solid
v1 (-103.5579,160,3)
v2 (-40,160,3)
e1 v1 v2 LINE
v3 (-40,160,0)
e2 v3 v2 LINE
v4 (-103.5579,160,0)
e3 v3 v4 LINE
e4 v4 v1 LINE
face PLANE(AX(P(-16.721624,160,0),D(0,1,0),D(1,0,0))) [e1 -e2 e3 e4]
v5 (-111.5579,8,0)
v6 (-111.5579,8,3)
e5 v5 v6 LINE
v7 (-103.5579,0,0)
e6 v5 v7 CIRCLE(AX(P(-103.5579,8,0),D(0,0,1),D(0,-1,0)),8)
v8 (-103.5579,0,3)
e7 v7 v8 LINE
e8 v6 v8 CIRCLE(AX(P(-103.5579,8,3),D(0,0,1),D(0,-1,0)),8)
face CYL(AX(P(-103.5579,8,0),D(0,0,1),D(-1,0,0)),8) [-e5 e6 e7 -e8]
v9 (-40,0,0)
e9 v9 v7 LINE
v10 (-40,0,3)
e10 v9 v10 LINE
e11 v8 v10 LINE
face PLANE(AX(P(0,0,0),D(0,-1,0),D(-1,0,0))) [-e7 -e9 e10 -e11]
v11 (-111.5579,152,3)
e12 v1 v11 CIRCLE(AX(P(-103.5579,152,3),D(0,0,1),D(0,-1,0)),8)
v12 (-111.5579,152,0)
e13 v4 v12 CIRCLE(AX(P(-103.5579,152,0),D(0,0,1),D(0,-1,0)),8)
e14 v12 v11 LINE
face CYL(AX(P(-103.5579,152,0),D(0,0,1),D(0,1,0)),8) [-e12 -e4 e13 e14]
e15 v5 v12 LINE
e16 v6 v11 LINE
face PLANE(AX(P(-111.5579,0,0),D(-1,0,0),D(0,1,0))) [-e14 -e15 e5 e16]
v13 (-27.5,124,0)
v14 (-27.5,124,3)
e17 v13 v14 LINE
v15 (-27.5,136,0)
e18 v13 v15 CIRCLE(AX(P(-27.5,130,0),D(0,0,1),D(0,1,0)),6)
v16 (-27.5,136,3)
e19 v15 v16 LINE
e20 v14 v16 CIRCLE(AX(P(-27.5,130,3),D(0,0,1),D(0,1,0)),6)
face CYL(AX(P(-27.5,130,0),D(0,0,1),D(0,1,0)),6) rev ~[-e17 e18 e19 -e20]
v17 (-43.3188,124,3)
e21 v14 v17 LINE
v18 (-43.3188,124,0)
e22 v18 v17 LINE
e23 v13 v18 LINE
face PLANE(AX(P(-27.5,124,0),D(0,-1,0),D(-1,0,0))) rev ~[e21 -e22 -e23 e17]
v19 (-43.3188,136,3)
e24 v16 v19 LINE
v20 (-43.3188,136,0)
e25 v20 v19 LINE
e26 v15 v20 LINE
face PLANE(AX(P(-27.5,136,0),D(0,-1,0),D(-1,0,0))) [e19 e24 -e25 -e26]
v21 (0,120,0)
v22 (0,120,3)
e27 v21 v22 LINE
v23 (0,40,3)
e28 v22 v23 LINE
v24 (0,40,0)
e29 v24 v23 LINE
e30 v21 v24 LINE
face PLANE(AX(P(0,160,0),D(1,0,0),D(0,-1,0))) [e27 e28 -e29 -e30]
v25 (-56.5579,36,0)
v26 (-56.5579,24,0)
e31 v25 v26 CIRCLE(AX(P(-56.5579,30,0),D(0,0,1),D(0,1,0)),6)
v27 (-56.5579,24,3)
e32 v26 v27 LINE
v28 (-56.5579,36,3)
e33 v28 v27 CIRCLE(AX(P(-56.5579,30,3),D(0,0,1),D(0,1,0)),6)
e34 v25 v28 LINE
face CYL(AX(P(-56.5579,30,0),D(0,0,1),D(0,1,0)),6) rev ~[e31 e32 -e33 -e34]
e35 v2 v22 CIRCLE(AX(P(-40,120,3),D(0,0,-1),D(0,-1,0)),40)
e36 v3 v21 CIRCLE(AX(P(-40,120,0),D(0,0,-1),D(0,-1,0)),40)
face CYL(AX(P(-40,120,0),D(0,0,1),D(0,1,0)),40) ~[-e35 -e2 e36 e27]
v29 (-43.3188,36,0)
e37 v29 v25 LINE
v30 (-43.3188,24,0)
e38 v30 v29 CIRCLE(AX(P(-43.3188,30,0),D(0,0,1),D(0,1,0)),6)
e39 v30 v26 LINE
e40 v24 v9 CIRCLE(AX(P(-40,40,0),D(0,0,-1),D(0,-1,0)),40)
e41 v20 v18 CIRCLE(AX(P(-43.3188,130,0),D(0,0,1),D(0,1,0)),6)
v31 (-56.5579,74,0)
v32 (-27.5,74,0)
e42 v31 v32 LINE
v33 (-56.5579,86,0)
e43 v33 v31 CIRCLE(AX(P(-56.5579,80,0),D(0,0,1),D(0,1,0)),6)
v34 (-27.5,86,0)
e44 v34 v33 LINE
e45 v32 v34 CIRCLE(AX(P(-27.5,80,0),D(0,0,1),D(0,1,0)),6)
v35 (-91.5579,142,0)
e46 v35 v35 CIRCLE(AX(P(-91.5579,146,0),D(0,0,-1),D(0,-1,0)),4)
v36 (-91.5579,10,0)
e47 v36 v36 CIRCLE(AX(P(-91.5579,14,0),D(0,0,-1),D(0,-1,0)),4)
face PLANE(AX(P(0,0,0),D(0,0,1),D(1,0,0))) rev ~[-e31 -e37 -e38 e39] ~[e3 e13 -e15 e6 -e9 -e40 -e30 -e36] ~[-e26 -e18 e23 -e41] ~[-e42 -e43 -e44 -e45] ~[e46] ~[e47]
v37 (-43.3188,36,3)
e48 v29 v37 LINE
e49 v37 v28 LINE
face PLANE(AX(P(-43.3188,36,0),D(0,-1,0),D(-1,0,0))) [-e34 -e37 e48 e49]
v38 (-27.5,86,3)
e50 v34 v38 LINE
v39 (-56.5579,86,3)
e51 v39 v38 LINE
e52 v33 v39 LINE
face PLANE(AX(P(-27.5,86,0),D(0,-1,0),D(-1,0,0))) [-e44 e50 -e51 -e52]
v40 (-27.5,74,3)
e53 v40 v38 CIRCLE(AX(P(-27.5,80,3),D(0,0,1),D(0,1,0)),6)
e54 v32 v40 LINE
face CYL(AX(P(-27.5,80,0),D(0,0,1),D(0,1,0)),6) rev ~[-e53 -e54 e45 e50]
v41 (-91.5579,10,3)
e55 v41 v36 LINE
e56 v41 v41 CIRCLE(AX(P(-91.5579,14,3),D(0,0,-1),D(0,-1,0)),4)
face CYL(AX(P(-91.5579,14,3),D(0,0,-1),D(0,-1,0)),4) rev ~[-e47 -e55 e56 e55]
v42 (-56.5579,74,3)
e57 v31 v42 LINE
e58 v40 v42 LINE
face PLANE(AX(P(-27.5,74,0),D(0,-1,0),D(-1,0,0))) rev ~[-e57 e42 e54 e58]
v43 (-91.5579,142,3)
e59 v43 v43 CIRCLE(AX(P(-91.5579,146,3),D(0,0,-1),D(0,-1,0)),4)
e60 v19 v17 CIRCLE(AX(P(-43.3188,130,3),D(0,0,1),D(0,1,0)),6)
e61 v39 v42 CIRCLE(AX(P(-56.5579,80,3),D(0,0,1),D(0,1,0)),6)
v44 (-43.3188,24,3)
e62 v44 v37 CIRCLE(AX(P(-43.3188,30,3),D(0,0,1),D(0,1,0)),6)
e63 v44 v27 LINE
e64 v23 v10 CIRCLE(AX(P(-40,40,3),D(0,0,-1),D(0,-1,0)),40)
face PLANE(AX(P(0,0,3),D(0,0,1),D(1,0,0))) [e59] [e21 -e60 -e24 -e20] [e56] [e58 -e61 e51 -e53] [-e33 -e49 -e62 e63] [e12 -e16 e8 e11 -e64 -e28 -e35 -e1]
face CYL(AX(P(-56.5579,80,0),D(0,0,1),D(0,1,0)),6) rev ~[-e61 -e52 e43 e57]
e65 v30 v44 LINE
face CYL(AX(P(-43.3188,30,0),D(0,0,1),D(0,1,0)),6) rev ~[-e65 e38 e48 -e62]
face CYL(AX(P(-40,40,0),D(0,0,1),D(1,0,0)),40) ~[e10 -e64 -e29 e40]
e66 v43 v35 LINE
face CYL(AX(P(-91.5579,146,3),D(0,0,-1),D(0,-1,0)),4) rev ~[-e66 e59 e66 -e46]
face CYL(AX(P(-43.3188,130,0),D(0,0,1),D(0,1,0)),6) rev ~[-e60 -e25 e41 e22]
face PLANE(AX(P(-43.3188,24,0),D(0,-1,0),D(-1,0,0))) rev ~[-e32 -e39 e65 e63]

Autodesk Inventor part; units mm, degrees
ref_plane "YZ Plane" through (0, 0, 0) normal (1, 0, 0) x (0, 1, 0)
ref_plane "XZ Plane" through (0, 0, 0) normal (0, 1, 0) x (-1, 0, 0)
ref_plane "XY Plane" through (0, 0, 0) normal (0, 0, 1) x (1, 0, 0)
sketch "Sketch1" plane through (0, 0, 0) normal (0, 0, 1) x (1, 0, 0)
  circle A0 centre (1008.2886, -225.2) radius 1095
  line L0 (-27.5, 131.7988) -> (-27.5, 31.7988)
  line L1 (-43.3188, 130) -> (-43.3188, 30)
  line L2 (-56.5579, 30) -> (-56.5579, 130)
  line L3 (-27.5, 130) -> (-56.5579, 130)
  line L4 (-27.5, 80) -> (-56.5579, 80)
  line L5 (-27.5, 30) -> (-56.5579, 30)
  line L6 (-111.5579, 160) -> (0, 160)
  line L7 (0, 160) -> (0, 0)
  line L8 (0, 0) -> (-111.5579, 0)
  line L9 (-111.5579, 0) -> (-111.5579, 160)
  point P0 (0, 0)
  point P1 (-43.3188, 80)
  dimension "d4" = 2190
  dimension "d10" = 50
  dimension "d11" = 50
  dimension "d21" = 305.2
  dimension "d36" = 30
  dimension "d37" = 30
  dimension "d38" = 27.5
  dimension "d39" = 55
extrude "Extrusion1" add sketch "Sketch1" along normal blind 3 contours L6 L7 L8 A0 L5 L1 L4 L0 | A0 L3 L2 L8 L9 L6 | L0 L4 A0 | A0 L1 L3 | L2 L4 A0 | A0 L1 L5 | L4 L2 L3 L1
hole "Hole1" at (-27.5, 130, 0) at (-43.3188, 80, 0) at (-56.5579, 30, 0) at (-43.3188, 130, 0) at (-27.5, 80, 0) at (-43.3188, 30, 0) at (-56.5579, 80, 0) direction (0, 0, 1) diameter 12 end through all
sketch "Sketch2" plane through (0, 0, 0) normal (0, 0, -1) x (-1, 0, 0)
  circle A0 centre (27.5, 130) radius 6 projected
  circle A1 centre (43.3188, 130) radius 6 projected
  line L0 (27.5, 124) -> (43.3188, 124)
  circle A2 centre (27.5, 130) radius 6 projected
  line L1 (27.5, 136) -> (43.3188, 136)
  line L2 (27.5, 136) -> (27.5, 124)
  line L3 (43.3188, 124) -> (43.3188, 136)
  line L4 (27.5, 86) -> (56.5579, 86)
  line L5 (27.5, 74) -> (56.5579, 74)
  circle A3 centre (27.5, 80) radius 6 projected
  circle A4 centre (56.5579, 80) radius 6 projected
  line L6 (27.5, 86) -> (27.5, 74)
  line L7 (56.5579, 74) -> (56.5579, 86)
  line L8 (43.3188, 36) -> (56.5579, 36)
  line L9 (43.3188, 24) -> (56.5579, 24)
  circle A5 centre (43.3188, 30) radius 6 projected
  circle A6 centre (56.5579, 30) radius 6 projected
  line L10 (43.3188, 24) -> (43.3188, 36)
  line L11 (56.5579, 24) -> (56.5579, 36)
  point P0 (0, 0)
extrude "Extrusion2" cut sketch "Sketch2" against normal blind 3 contours A0 L1 A1 L0 | L4 A4 L5 A3 | L8 A6 L9 A5
sketch "Sketch3" plane through (0, 0, 3) normal (0, 0, 1) x (1, 0, 0)
  line L0 (-111.5579, 160) -> (-111.5579, 0) projected
  line L1 (0, 160) -> (-111.5579, 160) projected
  line L2 (-111.5579, 0) -> (0, 0) projected
  line L3 (-56.5579, 86) -> (-27.5, 86) projected
  line L4 (-27.5, 124) -> (-43.3188, 124) projected
  line L5 (-27.5, 74) -> (-56.5579, 74) projected
  line L6 (-56.5579, 36) -> (-43.3188, 36) projected
  point P0 (-91.5579, 146)
  point P1 (-91.5579, 14)
  dimension "d51" = 20
  dimension "d52" = 14
  dimension "d53" = 14
  dimension "d54" = 20
hole "Hole2" at (-91.5579, 14, 3) at (-91.5579, 146, 3) direction (0, 0, -1) diameter 8 end through all
fillet "Fillet2" radius 40 2 edges at (0, 0, 1.5) (0, 160, 1.5)
fillet "Fillet3" radius 8 2 edges at (-111.5579, 0, 1.5) (-111.5579, 160, 1.5)
equation "\"d11\" = d10"
equation "\"d37\" = d36"
equation "\"d39\" = 2 * d38"
properties part number "adjust_sheet" material "Steel, Mild"
